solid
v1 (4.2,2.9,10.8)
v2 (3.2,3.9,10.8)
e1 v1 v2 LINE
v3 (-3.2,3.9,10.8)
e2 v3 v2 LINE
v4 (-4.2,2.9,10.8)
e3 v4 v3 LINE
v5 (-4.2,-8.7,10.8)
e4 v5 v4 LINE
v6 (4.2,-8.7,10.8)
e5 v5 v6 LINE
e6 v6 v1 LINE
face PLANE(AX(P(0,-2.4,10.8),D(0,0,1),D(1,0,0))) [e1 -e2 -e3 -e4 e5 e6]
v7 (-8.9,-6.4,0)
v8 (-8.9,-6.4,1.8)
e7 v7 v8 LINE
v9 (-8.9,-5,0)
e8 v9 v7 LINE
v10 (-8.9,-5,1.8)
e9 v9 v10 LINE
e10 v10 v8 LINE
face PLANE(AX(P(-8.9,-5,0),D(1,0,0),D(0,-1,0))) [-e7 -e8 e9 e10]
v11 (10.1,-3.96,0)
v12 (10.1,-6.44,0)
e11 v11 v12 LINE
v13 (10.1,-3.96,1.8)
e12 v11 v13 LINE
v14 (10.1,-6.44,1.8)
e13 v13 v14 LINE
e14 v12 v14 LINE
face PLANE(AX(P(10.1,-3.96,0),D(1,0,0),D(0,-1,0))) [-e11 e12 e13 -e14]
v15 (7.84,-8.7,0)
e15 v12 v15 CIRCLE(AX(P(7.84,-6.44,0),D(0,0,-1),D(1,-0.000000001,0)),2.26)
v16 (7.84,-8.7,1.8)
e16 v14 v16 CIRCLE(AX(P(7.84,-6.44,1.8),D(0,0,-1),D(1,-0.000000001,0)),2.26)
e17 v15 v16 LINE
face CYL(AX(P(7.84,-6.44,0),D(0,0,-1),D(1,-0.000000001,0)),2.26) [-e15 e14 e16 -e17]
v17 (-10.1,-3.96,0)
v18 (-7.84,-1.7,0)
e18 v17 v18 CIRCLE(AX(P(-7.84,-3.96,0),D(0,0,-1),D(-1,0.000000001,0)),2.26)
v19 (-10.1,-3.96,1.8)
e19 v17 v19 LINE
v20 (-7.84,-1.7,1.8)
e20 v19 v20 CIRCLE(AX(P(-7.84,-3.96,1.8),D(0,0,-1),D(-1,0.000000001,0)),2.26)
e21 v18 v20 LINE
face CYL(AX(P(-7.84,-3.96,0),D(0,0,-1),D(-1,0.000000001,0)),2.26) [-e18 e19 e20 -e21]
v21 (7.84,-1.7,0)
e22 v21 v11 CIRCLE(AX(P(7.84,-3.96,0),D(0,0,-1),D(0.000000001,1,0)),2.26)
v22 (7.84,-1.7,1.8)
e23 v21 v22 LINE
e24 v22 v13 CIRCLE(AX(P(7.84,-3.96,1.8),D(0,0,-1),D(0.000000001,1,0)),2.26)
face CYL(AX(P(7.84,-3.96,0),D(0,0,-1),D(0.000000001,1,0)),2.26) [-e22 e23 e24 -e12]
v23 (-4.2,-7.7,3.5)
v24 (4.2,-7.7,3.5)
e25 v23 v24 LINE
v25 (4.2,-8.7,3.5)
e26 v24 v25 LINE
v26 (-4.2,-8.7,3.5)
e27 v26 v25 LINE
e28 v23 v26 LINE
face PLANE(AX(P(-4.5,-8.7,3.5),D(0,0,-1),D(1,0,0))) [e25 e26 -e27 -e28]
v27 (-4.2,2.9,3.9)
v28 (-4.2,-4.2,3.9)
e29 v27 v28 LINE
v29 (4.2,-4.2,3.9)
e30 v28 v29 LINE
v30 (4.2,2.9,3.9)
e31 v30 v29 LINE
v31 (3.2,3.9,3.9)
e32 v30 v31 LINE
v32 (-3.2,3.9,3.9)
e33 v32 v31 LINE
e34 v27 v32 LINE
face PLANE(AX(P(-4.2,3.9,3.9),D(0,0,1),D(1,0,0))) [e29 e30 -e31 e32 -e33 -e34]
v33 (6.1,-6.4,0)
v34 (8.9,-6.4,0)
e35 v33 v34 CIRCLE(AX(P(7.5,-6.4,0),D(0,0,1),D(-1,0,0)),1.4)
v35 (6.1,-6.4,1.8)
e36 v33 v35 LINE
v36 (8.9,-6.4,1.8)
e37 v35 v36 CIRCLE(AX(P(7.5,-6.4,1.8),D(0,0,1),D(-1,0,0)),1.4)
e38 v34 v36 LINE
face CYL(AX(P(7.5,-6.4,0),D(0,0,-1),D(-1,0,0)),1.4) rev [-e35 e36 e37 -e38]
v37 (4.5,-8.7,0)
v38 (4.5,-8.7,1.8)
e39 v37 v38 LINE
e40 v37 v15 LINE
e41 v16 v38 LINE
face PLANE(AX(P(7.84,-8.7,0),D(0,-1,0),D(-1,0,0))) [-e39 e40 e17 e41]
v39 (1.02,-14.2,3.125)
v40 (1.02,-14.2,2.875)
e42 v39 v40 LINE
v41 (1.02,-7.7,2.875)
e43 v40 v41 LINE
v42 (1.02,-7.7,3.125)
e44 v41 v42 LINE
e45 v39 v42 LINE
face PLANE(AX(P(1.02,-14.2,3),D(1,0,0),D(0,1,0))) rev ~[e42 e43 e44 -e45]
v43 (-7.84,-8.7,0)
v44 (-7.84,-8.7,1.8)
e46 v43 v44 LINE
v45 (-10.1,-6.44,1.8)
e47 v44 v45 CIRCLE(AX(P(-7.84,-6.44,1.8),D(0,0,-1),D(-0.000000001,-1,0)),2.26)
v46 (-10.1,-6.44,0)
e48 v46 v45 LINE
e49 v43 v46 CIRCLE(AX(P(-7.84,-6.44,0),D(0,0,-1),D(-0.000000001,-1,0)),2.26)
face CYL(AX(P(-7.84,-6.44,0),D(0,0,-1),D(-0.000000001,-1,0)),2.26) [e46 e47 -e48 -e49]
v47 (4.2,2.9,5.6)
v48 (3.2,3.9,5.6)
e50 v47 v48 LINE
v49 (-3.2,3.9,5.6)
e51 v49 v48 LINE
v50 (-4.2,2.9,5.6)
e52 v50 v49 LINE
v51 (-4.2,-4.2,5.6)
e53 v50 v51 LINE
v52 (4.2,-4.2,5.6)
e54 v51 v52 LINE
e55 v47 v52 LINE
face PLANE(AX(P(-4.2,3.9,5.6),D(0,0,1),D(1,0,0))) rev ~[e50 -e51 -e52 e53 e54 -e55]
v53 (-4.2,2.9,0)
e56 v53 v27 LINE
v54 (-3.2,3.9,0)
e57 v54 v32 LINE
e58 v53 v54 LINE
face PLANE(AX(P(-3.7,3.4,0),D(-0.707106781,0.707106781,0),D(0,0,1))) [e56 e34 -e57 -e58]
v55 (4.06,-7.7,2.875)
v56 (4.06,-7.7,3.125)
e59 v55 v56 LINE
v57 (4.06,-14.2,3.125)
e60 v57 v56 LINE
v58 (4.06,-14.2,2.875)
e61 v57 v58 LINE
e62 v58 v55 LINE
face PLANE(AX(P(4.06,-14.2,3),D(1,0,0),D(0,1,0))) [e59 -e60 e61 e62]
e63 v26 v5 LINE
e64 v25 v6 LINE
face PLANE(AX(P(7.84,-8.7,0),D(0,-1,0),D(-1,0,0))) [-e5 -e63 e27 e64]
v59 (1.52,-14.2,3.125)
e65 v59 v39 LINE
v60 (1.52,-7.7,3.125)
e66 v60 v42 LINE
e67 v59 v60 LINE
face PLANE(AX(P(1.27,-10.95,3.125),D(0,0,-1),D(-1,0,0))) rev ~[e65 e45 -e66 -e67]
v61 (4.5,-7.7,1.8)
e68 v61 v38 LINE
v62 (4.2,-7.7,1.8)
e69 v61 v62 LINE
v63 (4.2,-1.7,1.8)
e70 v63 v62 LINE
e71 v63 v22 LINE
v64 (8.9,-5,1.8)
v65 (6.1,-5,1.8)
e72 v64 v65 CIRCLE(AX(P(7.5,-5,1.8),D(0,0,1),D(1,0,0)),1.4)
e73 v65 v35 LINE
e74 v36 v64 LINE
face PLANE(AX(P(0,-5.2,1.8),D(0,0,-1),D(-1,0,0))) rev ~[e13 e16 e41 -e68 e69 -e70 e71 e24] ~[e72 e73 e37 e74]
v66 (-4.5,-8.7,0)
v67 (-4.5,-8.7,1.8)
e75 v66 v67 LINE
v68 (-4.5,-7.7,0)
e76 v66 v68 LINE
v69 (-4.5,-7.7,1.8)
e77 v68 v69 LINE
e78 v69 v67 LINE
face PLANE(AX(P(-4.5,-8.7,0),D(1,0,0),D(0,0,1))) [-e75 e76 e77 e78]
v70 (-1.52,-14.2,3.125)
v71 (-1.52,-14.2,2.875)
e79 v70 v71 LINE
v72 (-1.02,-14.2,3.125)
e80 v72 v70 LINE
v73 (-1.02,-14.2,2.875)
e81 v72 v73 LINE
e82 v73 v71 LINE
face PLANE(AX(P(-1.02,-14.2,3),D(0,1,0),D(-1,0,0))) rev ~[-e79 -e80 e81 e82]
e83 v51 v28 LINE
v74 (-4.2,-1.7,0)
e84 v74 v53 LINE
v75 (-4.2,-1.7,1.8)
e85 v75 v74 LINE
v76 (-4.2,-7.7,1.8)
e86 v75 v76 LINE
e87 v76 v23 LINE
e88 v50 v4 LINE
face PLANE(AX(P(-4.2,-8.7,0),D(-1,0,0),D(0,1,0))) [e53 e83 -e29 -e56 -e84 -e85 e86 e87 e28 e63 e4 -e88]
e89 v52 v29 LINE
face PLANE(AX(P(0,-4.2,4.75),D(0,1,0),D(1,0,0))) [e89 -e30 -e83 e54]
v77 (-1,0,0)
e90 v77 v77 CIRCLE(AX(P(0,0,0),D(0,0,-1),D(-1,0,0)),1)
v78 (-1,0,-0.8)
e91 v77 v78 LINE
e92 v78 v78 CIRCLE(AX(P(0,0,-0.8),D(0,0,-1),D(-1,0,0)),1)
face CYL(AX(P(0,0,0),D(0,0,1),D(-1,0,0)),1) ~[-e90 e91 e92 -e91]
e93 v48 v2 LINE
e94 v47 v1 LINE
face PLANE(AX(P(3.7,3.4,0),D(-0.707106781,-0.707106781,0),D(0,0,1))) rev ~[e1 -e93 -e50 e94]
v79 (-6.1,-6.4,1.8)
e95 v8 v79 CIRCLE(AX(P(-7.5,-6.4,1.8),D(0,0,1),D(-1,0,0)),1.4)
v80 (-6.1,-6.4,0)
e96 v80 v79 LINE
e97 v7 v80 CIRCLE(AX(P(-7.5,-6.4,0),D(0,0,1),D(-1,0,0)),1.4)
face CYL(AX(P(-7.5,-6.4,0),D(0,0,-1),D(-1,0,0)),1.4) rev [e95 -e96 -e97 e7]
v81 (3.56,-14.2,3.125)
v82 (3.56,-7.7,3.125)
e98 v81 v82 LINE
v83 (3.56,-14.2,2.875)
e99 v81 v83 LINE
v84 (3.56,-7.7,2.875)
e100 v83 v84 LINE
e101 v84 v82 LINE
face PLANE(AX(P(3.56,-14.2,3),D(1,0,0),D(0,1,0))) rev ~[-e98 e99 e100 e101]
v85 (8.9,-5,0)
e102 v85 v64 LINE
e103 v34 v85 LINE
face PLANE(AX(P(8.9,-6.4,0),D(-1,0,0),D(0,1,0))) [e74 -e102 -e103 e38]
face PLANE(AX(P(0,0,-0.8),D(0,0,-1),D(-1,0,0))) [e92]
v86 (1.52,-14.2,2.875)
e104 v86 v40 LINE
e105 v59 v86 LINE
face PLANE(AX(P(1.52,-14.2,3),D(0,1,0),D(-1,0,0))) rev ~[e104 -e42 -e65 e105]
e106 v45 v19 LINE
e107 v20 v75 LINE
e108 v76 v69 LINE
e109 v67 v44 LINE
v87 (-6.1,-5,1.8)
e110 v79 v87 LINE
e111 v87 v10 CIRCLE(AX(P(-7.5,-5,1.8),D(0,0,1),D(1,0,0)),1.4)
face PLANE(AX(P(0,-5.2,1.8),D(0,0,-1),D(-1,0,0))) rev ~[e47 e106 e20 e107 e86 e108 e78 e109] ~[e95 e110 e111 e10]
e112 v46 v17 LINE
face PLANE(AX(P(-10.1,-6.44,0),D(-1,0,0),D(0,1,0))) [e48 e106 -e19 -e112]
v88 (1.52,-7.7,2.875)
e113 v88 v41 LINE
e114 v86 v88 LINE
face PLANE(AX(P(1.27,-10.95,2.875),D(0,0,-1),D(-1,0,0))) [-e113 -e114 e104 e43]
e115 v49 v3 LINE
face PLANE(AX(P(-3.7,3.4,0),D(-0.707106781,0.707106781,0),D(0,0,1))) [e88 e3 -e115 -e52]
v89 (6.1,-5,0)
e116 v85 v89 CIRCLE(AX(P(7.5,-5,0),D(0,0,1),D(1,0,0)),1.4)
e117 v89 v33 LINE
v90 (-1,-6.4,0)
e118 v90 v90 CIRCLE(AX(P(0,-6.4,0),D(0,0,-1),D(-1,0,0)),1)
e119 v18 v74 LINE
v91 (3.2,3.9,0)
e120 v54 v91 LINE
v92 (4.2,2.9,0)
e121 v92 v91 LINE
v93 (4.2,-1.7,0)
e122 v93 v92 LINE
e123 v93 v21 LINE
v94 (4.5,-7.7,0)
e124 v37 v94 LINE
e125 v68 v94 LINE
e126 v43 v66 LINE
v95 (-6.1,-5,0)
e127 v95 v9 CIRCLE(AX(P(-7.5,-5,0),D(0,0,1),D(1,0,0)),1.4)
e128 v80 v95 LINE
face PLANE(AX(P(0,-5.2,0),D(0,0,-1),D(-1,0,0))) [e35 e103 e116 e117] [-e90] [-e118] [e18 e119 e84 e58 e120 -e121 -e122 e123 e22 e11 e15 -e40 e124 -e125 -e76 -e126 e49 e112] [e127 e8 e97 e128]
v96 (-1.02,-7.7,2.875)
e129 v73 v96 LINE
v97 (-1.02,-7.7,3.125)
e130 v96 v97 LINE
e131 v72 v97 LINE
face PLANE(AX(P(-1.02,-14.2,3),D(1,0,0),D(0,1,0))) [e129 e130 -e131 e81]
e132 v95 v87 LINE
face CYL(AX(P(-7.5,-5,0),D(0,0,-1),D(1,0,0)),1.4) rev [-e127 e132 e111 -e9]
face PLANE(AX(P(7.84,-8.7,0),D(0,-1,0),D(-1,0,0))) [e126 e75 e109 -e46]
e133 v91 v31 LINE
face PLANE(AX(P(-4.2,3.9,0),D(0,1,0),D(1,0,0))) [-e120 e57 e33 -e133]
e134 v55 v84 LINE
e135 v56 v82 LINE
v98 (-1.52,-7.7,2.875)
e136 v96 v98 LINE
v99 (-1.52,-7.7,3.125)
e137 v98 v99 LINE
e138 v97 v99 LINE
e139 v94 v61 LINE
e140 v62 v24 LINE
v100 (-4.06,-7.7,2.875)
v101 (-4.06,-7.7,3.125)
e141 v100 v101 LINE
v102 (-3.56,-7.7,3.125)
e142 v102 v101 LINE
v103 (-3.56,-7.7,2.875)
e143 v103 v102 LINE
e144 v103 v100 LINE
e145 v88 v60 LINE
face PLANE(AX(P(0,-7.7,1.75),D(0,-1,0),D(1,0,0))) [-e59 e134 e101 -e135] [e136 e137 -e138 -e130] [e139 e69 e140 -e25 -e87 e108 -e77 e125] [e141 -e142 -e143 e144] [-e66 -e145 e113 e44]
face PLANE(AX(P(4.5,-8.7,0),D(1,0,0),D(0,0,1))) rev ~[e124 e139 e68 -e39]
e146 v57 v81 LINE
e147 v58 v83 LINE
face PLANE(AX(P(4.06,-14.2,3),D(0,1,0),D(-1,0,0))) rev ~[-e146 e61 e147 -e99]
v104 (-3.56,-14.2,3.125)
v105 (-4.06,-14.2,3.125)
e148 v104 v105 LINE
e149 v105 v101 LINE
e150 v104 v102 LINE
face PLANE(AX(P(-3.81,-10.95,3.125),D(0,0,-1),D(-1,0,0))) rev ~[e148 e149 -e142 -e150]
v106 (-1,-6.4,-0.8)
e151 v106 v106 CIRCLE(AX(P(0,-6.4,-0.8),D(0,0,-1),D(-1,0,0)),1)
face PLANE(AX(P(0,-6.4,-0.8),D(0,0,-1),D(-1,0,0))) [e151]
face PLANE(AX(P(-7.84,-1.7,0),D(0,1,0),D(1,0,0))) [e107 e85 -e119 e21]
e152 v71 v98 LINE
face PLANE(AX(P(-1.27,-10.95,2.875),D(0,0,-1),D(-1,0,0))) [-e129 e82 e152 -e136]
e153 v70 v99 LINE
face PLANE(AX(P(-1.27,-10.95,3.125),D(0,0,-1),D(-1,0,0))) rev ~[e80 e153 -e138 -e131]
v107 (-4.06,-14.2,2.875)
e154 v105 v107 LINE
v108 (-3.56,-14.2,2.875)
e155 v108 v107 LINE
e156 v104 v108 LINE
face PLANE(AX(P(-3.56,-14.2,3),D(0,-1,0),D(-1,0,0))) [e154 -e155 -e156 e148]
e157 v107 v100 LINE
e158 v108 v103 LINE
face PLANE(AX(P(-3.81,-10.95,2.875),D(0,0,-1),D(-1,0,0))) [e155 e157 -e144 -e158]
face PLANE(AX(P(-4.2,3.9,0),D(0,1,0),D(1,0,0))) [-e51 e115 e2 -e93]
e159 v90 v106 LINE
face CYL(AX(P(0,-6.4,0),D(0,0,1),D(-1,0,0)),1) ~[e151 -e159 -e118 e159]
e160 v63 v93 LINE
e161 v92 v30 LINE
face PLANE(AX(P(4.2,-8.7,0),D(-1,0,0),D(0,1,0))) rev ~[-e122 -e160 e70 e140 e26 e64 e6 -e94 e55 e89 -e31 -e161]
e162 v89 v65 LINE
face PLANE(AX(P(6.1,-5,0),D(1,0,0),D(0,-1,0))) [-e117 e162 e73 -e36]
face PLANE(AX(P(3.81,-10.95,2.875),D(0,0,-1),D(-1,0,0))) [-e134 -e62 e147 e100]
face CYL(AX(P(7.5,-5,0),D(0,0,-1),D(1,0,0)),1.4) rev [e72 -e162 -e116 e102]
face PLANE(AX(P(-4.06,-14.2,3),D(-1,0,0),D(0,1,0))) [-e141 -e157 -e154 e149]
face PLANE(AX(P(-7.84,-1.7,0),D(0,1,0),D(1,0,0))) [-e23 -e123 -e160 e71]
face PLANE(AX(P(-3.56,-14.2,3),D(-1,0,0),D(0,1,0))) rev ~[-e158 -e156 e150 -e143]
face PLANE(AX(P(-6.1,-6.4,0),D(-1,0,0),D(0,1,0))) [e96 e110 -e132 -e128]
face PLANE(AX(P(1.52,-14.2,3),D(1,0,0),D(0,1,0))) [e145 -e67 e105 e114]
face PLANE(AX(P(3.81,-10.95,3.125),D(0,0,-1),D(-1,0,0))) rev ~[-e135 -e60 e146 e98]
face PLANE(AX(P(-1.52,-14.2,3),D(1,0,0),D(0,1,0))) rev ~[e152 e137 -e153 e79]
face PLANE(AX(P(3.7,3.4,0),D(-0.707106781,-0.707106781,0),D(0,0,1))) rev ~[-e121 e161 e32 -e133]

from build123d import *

# Parameters (mm, degrees)
SKETCH1_W           = 8.4
SKETCH1_H           = 12.6
BOSS_EXTRUDE1_DEPTH = 10.8
CHAMFER1_SIZE       = 1
BOSS_EXTRUDE2_DEPTH = 1.8
SKETCH3_W           = 8.4
SKETCH3_H           = 1.7
CUT_EXTRUDE1_DEPTH  = 8.1
SKETCH4_R           = 1
BOSS_EXTRUDE3_DEPTH = 0.8
SKETCH5_W           = 9
SKETCH5_H           = 3.5
CUT_EXTRUDE2_DEPTH  = 1
SKETCH6_W           = 0.5
SKETCH6_H           = 6.5
BOSS_EXTRUDE4_DEPTH = 0.125


with BuildPart() as part:
    # Sketch1 → Boss-Extrude1 (new body)
    with BuildSketch(Plane.XY):
        with Locations((0, -2.4)):
            Rectangle(SKETCH1_W, SKETCH1_H)
    extrude(amount=BOSS_EXTRUDE1_DEPTH)

    # Chamfer1
    chamfer1_edges = [part.edges().sort_by_distance(p)[0] for p in [
        (-4.2, 3.9, 5.4),
        (4.2, 3.9, 5.4),
    ]]
    chamfer(chamfer1_edges, length=CHAMFER1_SIZE)

    # Sketch2 → Boss-Extrude2 (add)
    with BuildSketch(Plane(origin=(0, 0, 0), x_dir=(-1, 0, 0), z_dir=(0, 0, -1))):
        with BuildLine():
            Line((-7.84, -8.7), (7.84, -8.7))
            ThreePointArc((7.84, -8.7), (9.438061325, -8.038061325), (10.1, -6.44))
            Line((10.1, -6.44), (10.1, -3.96))
            ThreePointArc((10.1, -3.96), (9.438061325, -2.361938675), (7.84, -1.7))
            Line((7.84, -1.7), (-7.84, -1.7))
            ThreePointArc((-7.84, -1.7), (-9.438061325, -2.361938675), (-10.1, -3.96))
            Line((-10.1, -3.96), (-10.1, -6.44))
            ThreePointArc((-10.1, -6.44), (-9.438061325, -8.038061325), (-7.84, -8.7))
        make_face()
        with BuildLine():
            Line((-6.1, -5), (-6.1, -6.4))
            ThreePointArc((-6.1, -6.4), (-7.5, -7.8), (-8.9, -6.4))
            Line((-8.9, -6.4), (-8.9, -5))
            ThreePointArc((-8.9, -5), (-7.5, -3.6), (-6.1, -5))
        make_face(mode=Mode.SUBTRACT)
        with BuildLine():
            Line((8.9, -5), (8.9, -6.4))
            ThreePointArc((8.9, -6.4), (7.5, -7.8), (6.1, -6.4))
            Line((6.1, -6.4), (6.1, -5))
            ThreePointArc((6.1, -5), (7.5, -3.6), (8.9, -5))
        make_face(mode=Mode.SUBTRACT)
    extrude(amount=-BOSS_EXTRUDE2_DEPTH)

    # Sketch3 → Cut-Extrude1 (cut)
    with BuildSketch(Plane(origin=(0, 3.9, 0), x_dir=(1, 0, 0), z_dir=(0, 1, 0))):
        with Locations((0, -4.75)):
            Rectangle(SKETCH3_W, SKETCH3_H)
    extrude(amount=-CUT_EXTRUDE1_DEPTH, mode=Mode.SUBTRACT)

    # Sketch4 → Boss-Extrude3 (add)
    with BuildSketch(Plane(origin=(0, 0, 0), x_dir=(-1, 0, 0), z_dir=(0, 0, -1))):
        Circle(SKETCH4_R)
        with Locations((0, -6.4)):
            Circle(SKETCH4_R)
    extrude(amount=BOSS_EXTRUDE3_DEPTH)

    # Sketch5 → Cut-Extrude2 (cut)
    with BuildSketch(Plane.XZ.offset(8.7)):
        with Locations((0, 1.75)):
            Rectangle(SKETCH5_W, SKETCH5_H)
    extrude(amount=-CUT_EXTRUDE2_DEPTH, mode=Mode.SUBTRACT)

    # Sketch6 → Boss-Extrude4 (add, symmetric)
    with BuildSketch(Plane(origin=(0, 0, 3), x_dir=(-1, 0, 0), z_dir=(0, 0, -1))):
        with Locations((-3.81, -10.95)):
            Rectangle(SKETCH6_W, SKETCH6_H)
        with Locations((-1.27, -10.95)):
            Rectangle(SKETCH6_W, SKETCH6_H)
        with Locations((1.27, -10.95)):
            Rectangle(SKETCH6_W, SKETCH6_H)
        with Locations((3.81, -10.95)):
            Rectangle(SKETCH6_W, SKETCH6_H)
    extrude(amount=BOSS_EXTRUDE4_DEPTH, both=True)


solid = part.part
